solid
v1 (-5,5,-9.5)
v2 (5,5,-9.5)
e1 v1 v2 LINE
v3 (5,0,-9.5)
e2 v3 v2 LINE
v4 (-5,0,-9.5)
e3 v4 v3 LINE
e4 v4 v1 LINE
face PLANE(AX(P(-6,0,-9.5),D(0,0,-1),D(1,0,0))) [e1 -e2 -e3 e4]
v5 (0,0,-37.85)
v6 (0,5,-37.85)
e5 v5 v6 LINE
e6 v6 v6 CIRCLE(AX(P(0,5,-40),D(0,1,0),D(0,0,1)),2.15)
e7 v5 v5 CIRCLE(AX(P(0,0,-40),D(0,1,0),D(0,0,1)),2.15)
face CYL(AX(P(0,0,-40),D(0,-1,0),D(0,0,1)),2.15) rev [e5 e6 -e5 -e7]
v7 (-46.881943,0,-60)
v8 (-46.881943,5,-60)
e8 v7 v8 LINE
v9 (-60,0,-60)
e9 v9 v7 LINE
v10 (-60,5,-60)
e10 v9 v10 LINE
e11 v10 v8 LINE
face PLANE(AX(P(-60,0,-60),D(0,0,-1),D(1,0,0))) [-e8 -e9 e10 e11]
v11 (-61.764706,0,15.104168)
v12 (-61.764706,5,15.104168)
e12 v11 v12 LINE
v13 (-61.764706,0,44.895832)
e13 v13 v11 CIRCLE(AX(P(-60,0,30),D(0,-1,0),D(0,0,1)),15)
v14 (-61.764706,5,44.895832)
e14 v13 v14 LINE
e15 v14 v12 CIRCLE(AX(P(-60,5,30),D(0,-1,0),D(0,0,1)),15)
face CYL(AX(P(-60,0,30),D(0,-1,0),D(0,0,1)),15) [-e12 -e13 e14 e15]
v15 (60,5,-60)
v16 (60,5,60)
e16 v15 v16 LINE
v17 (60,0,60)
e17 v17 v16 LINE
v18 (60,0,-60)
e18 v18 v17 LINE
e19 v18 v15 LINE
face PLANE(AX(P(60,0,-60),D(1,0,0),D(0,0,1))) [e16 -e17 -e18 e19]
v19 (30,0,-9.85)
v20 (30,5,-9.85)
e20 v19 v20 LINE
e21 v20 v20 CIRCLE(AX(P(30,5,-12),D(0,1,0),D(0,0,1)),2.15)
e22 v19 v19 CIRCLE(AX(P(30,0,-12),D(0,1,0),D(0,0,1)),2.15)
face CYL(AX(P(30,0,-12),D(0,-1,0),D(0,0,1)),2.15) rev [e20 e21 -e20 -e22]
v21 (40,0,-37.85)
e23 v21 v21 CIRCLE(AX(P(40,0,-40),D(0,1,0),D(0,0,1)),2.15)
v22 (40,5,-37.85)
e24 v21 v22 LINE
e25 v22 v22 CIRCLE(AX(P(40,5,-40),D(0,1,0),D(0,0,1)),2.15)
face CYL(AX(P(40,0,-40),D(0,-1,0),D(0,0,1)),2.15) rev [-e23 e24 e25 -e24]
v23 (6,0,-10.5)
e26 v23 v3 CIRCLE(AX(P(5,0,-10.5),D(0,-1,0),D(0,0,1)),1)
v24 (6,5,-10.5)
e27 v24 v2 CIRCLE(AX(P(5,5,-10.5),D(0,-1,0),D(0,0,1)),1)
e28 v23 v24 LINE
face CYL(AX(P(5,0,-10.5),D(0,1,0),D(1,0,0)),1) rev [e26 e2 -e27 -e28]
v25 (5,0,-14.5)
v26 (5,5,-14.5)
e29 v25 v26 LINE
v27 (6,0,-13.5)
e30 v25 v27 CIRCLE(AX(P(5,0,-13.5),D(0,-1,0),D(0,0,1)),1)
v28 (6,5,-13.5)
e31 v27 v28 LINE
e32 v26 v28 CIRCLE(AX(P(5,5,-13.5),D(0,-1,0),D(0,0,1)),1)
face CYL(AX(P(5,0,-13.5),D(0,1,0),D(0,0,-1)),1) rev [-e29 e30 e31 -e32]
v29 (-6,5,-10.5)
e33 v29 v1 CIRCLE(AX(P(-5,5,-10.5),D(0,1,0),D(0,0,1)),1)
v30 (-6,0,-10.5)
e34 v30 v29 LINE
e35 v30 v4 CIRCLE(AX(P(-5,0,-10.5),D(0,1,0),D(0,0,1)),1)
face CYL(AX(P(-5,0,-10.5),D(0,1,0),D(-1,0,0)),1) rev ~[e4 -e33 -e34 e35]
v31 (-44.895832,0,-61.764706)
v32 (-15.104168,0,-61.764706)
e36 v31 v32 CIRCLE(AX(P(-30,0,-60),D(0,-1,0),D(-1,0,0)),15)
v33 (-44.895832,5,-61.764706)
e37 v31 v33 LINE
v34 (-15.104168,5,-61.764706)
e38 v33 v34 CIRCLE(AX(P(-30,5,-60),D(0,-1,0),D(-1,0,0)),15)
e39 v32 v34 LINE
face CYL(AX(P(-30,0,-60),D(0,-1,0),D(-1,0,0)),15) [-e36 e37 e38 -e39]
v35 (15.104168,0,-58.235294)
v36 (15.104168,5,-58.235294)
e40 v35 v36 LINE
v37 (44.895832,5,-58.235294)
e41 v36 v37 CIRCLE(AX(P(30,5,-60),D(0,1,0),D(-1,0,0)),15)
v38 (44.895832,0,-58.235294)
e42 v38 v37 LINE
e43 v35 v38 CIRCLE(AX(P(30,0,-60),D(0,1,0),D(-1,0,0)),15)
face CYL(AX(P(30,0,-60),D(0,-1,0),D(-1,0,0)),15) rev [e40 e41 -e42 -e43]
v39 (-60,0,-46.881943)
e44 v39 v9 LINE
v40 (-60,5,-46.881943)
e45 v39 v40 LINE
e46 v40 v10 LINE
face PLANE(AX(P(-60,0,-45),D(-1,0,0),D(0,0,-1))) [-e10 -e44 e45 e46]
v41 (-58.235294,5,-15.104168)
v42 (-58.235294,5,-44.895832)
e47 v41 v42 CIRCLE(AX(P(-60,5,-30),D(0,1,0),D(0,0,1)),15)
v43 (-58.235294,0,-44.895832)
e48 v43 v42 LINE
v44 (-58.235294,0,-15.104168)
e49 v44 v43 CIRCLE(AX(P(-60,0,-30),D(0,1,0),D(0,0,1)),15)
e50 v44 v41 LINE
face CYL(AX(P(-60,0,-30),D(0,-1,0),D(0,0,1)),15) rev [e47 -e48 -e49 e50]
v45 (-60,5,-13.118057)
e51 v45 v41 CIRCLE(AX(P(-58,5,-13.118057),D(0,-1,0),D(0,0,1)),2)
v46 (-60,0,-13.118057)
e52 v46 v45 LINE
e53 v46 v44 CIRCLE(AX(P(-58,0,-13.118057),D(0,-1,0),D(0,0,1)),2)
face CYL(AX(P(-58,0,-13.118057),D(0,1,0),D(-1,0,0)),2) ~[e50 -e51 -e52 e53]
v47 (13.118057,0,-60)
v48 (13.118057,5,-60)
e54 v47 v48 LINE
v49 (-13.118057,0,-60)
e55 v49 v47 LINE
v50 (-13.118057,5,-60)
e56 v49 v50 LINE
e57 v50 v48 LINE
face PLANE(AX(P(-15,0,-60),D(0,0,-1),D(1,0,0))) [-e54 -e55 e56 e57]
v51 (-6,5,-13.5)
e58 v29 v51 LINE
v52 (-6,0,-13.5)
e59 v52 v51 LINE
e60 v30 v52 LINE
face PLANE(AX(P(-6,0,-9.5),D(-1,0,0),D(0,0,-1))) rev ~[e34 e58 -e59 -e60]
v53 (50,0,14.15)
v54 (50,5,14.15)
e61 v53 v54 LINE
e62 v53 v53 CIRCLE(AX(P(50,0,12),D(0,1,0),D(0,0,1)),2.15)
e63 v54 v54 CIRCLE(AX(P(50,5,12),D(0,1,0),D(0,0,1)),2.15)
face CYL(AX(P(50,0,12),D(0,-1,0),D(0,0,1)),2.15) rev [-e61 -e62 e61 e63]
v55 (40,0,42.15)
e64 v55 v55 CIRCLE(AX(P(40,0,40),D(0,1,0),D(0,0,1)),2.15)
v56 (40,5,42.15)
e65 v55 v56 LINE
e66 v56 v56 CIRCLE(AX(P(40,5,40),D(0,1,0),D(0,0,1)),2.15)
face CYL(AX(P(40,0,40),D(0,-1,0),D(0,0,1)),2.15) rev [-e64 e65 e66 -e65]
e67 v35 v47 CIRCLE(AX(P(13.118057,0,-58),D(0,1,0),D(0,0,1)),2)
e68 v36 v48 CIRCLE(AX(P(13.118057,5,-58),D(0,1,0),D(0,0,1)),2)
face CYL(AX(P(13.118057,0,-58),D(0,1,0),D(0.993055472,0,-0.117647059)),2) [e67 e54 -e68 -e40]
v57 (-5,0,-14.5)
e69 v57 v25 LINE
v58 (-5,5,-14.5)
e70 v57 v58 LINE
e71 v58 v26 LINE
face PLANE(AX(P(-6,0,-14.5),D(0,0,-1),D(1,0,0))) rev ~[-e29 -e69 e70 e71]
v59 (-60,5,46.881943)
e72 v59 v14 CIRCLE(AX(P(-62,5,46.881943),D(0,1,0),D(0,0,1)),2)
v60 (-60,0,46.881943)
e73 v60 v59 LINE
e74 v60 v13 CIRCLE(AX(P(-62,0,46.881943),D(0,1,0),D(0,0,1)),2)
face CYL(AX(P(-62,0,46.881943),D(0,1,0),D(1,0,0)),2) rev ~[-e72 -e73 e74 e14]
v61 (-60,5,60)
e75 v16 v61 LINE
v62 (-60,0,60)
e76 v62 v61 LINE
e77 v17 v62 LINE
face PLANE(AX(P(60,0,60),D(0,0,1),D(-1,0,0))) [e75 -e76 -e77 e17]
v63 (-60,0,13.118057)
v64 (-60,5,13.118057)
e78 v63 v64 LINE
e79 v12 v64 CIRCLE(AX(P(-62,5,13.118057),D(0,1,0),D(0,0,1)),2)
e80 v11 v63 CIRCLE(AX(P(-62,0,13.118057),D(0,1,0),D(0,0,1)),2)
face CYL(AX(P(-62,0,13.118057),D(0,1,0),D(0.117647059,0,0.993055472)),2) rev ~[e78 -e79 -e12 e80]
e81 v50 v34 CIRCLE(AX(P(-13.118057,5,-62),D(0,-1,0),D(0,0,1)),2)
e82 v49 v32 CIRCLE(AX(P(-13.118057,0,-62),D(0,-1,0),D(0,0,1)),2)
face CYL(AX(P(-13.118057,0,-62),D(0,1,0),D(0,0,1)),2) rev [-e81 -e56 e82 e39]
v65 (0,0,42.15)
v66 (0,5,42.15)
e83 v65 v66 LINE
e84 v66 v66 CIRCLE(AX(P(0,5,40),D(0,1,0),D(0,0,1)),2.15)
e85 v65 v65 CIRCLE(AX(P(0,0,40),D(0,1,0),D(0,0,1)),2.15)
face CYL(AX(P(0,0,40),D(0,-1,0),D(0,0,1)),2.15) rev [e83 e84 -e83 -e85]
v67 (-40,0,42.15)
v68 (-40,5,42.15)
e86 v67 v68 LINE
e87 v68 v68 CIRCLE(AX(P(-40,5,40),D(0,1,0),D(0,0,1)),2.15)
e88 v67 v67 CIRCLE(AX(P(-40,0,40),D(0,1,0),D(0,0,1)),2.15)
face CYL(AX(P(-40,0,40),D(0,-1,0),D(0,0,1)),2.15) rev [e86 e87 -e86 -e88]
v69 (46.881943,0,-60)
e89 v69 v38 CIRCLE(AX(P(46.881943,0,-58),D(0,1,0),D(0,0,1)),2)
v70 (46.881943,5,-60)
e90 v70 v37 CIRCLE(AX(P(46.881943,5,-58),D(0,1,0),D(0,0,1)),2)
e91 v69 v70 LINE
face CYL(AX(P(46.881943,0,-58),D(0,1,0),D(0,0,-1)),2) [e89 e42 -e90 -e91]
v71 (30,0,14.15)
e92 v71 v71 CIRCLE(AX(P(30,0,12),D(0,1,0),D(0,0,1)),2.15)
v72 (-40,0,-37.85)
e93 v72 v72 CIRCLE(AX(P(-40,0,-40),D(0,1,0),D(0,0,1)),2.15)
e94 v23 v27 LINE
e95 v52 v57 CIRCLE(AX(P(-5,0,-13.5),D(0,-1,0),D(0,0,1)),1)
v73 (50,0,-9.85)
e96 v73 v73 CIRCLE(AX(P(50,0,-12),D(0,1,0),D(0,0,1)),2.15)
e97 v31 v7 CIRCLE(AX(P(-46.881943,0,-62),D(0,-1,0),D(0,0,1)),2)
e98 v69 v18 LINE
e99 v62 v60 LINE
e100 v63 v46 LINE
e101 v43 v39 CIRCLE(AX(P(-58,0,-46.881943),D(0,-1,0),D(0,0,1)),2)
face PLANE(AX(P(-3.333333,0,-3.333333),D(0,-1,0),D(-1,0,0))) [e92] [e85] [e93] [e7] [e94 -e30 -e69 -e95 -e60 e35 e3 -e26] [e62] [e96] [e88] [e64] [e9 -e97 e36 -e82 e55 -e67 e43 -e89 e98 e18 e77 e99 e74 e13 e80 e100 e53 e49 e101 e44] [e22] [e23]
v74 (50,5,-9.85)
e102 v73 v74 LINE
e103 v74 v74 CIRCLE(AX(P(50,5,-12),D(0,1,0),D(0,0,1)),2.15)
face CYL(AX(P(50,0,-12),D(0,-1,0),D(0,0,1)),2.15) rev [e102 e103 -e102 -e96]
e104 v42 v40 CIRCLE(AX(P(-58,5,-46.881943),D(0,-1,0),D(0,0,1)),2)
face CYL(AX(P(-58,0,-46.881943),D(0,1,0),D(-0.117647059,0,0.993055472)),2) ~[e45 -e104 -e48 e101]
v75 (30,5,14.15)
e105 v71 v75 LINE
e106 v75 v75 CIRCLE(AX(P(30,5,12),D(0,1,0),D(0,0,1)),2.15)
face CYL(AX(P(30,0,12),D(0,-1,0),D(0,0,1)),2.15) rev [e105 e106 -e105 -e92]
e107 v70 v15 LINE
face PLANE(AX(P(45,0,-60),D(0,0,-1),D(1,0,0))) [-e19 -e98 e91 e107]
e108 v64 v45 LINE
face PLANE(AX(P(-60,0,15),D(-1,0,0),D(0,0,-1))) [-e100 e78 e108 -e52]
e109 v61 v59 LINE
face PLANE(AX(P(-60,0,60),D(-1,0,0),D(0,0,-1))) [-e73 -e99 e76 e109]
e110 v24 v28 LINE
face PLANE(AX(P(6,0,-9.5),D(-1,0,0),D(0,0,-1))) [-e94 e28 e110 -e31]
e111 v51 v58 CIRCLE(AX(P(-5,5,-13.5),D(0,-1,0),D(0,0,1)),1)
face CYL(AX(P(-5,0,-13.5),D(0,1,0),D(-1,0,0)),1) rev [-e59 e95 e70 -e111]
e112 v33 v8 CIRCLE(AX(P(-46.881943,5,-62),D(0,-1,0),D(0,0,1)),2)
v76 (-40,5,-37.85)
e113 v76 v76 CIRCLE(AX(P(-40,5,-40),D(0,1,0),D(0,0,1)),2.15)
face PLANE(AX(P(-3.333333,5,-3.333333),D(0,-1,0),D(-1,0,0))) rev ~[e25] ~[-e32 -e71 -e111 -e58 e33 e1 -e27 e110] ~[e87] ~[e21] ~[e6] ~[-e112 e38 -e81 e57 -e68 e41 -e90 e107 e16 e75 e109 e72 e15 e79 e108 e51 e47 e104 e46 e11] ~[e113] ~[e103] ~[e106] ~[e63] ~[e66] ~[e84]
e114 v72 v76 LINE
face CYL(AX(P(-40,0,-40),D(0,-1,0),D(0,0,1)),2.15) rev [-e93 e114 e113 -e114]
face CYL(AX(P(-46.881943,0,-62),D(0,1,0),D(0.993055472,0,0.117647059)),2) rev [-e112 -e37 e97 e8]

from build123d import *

# Parameters (mm, degrees)
SKETCH1_R           = 2.15
SKETCH1_W           = 12
SKETCH1_H           = 5
BOSS_EXTRUDE1_DEPTH = 5
FILLET1_R           = 2
FILLET2_R           = 1


with BuildPart() as part:
    # Sketch1 → Boss-Extrude1 (new body)
    with BuildSketch(Plane(origin=(0, 0, 0), x_dir=(1, 0, 0), z_dir=(0, 1, 0))):
        with BuildLine():
            Line((60, -60), (-60, -60))
            Line((-60, -60), (-60, -45))
            ThreePointArc((-60, -45), (-75, -30), (-60, -15))
            Line((-60, -15), (-60, 15))
            ThreePointArc((-60, 15), (-45, 30), (-60, 45))
            Line((-60, 45), (-60, 60))
            Line((-60, 60), (-45, 60))
            ThreePointArc((-45, 60), (-30, 75), (-15, 60))
            Line((-15, 60), (15, 60))
            ThreePointArc((15, 60), (30, 45), (45, 60))
            Line((45, 60), (60, 60))
            Line((60, 60), (60, -60))
        make_face()
        with Locations((-40, 40)):
            Circle(SKETCH1_R, mode=Mode.SUBTRACT)
        with Locations((40, 40)):
            Circle(SKETCH1_R, mode=Mode.SUBTRACT)
        with Locations((40, -40)):
            Circle(SKETCH1_R, mode=Mode.SUBTRACT)
        with Locations((-40, -40)):
            Circle(SKETCH1_R, mode=Mode.SUBTRACT)
        with Locations((30, 12)):
            Circle(SKETCH1_R, mode=Mode.SUBTRACT)
        with Locations((50, 12)):
            Circle(SKETCH1_R, mode=Mode.SUBTRACT)
        with Locations((30, -12)):
            Circle(SKETCH1_R, mode=Mode.SUBTRACT)
        with Locations((50, -12)):
            Circle(SKETCH1_R, mode=Mode.SUBTRACT)
        with Locations((0, 40)):
            Circle(SKETCH1_R, mode=Mode.SUBTRACT)
        with Locations((0, -40)):
            Circle(SKETCH1_R, mode=Mode.SUBTRACT)
        with Locations((0, 12)):
            Rectangle(SKETCH1_W, SKETCH1_H, mode=Mode.SUBTRACT)
    extrude(amount=BOSS_EXTRUDE1_DEPTH)

    # Fillet1
    fillet1_edges = [part.edges().sort_by_distance(p)[0] for p in [
        (-60, 2.5, 45),
        (-60, 2.5, 15),
        (45, 2.5, -60),
        (15, 2.5, -60),
        (-15, 2.5, -60),
        (-45, 2.5, -60),
        (-60, 2.5, -45),
        (-60, 2.5, -15),
    ]]
    fillet(fillet1_edges, radius=FILLET1_R)

    # Fillet2
    fillet2_edges = [part.edges().sort_by_distance(p)[0] for p in [
        (6, 2.5, -9.5),
        (6, 2.5, -14.5),
        (-6, 2.5, -9.5),
        (-6, 2.5, -14.5),
    ]]
    fillet(fillet2_edges, radius=FILLET2_R)


solid = part.part
